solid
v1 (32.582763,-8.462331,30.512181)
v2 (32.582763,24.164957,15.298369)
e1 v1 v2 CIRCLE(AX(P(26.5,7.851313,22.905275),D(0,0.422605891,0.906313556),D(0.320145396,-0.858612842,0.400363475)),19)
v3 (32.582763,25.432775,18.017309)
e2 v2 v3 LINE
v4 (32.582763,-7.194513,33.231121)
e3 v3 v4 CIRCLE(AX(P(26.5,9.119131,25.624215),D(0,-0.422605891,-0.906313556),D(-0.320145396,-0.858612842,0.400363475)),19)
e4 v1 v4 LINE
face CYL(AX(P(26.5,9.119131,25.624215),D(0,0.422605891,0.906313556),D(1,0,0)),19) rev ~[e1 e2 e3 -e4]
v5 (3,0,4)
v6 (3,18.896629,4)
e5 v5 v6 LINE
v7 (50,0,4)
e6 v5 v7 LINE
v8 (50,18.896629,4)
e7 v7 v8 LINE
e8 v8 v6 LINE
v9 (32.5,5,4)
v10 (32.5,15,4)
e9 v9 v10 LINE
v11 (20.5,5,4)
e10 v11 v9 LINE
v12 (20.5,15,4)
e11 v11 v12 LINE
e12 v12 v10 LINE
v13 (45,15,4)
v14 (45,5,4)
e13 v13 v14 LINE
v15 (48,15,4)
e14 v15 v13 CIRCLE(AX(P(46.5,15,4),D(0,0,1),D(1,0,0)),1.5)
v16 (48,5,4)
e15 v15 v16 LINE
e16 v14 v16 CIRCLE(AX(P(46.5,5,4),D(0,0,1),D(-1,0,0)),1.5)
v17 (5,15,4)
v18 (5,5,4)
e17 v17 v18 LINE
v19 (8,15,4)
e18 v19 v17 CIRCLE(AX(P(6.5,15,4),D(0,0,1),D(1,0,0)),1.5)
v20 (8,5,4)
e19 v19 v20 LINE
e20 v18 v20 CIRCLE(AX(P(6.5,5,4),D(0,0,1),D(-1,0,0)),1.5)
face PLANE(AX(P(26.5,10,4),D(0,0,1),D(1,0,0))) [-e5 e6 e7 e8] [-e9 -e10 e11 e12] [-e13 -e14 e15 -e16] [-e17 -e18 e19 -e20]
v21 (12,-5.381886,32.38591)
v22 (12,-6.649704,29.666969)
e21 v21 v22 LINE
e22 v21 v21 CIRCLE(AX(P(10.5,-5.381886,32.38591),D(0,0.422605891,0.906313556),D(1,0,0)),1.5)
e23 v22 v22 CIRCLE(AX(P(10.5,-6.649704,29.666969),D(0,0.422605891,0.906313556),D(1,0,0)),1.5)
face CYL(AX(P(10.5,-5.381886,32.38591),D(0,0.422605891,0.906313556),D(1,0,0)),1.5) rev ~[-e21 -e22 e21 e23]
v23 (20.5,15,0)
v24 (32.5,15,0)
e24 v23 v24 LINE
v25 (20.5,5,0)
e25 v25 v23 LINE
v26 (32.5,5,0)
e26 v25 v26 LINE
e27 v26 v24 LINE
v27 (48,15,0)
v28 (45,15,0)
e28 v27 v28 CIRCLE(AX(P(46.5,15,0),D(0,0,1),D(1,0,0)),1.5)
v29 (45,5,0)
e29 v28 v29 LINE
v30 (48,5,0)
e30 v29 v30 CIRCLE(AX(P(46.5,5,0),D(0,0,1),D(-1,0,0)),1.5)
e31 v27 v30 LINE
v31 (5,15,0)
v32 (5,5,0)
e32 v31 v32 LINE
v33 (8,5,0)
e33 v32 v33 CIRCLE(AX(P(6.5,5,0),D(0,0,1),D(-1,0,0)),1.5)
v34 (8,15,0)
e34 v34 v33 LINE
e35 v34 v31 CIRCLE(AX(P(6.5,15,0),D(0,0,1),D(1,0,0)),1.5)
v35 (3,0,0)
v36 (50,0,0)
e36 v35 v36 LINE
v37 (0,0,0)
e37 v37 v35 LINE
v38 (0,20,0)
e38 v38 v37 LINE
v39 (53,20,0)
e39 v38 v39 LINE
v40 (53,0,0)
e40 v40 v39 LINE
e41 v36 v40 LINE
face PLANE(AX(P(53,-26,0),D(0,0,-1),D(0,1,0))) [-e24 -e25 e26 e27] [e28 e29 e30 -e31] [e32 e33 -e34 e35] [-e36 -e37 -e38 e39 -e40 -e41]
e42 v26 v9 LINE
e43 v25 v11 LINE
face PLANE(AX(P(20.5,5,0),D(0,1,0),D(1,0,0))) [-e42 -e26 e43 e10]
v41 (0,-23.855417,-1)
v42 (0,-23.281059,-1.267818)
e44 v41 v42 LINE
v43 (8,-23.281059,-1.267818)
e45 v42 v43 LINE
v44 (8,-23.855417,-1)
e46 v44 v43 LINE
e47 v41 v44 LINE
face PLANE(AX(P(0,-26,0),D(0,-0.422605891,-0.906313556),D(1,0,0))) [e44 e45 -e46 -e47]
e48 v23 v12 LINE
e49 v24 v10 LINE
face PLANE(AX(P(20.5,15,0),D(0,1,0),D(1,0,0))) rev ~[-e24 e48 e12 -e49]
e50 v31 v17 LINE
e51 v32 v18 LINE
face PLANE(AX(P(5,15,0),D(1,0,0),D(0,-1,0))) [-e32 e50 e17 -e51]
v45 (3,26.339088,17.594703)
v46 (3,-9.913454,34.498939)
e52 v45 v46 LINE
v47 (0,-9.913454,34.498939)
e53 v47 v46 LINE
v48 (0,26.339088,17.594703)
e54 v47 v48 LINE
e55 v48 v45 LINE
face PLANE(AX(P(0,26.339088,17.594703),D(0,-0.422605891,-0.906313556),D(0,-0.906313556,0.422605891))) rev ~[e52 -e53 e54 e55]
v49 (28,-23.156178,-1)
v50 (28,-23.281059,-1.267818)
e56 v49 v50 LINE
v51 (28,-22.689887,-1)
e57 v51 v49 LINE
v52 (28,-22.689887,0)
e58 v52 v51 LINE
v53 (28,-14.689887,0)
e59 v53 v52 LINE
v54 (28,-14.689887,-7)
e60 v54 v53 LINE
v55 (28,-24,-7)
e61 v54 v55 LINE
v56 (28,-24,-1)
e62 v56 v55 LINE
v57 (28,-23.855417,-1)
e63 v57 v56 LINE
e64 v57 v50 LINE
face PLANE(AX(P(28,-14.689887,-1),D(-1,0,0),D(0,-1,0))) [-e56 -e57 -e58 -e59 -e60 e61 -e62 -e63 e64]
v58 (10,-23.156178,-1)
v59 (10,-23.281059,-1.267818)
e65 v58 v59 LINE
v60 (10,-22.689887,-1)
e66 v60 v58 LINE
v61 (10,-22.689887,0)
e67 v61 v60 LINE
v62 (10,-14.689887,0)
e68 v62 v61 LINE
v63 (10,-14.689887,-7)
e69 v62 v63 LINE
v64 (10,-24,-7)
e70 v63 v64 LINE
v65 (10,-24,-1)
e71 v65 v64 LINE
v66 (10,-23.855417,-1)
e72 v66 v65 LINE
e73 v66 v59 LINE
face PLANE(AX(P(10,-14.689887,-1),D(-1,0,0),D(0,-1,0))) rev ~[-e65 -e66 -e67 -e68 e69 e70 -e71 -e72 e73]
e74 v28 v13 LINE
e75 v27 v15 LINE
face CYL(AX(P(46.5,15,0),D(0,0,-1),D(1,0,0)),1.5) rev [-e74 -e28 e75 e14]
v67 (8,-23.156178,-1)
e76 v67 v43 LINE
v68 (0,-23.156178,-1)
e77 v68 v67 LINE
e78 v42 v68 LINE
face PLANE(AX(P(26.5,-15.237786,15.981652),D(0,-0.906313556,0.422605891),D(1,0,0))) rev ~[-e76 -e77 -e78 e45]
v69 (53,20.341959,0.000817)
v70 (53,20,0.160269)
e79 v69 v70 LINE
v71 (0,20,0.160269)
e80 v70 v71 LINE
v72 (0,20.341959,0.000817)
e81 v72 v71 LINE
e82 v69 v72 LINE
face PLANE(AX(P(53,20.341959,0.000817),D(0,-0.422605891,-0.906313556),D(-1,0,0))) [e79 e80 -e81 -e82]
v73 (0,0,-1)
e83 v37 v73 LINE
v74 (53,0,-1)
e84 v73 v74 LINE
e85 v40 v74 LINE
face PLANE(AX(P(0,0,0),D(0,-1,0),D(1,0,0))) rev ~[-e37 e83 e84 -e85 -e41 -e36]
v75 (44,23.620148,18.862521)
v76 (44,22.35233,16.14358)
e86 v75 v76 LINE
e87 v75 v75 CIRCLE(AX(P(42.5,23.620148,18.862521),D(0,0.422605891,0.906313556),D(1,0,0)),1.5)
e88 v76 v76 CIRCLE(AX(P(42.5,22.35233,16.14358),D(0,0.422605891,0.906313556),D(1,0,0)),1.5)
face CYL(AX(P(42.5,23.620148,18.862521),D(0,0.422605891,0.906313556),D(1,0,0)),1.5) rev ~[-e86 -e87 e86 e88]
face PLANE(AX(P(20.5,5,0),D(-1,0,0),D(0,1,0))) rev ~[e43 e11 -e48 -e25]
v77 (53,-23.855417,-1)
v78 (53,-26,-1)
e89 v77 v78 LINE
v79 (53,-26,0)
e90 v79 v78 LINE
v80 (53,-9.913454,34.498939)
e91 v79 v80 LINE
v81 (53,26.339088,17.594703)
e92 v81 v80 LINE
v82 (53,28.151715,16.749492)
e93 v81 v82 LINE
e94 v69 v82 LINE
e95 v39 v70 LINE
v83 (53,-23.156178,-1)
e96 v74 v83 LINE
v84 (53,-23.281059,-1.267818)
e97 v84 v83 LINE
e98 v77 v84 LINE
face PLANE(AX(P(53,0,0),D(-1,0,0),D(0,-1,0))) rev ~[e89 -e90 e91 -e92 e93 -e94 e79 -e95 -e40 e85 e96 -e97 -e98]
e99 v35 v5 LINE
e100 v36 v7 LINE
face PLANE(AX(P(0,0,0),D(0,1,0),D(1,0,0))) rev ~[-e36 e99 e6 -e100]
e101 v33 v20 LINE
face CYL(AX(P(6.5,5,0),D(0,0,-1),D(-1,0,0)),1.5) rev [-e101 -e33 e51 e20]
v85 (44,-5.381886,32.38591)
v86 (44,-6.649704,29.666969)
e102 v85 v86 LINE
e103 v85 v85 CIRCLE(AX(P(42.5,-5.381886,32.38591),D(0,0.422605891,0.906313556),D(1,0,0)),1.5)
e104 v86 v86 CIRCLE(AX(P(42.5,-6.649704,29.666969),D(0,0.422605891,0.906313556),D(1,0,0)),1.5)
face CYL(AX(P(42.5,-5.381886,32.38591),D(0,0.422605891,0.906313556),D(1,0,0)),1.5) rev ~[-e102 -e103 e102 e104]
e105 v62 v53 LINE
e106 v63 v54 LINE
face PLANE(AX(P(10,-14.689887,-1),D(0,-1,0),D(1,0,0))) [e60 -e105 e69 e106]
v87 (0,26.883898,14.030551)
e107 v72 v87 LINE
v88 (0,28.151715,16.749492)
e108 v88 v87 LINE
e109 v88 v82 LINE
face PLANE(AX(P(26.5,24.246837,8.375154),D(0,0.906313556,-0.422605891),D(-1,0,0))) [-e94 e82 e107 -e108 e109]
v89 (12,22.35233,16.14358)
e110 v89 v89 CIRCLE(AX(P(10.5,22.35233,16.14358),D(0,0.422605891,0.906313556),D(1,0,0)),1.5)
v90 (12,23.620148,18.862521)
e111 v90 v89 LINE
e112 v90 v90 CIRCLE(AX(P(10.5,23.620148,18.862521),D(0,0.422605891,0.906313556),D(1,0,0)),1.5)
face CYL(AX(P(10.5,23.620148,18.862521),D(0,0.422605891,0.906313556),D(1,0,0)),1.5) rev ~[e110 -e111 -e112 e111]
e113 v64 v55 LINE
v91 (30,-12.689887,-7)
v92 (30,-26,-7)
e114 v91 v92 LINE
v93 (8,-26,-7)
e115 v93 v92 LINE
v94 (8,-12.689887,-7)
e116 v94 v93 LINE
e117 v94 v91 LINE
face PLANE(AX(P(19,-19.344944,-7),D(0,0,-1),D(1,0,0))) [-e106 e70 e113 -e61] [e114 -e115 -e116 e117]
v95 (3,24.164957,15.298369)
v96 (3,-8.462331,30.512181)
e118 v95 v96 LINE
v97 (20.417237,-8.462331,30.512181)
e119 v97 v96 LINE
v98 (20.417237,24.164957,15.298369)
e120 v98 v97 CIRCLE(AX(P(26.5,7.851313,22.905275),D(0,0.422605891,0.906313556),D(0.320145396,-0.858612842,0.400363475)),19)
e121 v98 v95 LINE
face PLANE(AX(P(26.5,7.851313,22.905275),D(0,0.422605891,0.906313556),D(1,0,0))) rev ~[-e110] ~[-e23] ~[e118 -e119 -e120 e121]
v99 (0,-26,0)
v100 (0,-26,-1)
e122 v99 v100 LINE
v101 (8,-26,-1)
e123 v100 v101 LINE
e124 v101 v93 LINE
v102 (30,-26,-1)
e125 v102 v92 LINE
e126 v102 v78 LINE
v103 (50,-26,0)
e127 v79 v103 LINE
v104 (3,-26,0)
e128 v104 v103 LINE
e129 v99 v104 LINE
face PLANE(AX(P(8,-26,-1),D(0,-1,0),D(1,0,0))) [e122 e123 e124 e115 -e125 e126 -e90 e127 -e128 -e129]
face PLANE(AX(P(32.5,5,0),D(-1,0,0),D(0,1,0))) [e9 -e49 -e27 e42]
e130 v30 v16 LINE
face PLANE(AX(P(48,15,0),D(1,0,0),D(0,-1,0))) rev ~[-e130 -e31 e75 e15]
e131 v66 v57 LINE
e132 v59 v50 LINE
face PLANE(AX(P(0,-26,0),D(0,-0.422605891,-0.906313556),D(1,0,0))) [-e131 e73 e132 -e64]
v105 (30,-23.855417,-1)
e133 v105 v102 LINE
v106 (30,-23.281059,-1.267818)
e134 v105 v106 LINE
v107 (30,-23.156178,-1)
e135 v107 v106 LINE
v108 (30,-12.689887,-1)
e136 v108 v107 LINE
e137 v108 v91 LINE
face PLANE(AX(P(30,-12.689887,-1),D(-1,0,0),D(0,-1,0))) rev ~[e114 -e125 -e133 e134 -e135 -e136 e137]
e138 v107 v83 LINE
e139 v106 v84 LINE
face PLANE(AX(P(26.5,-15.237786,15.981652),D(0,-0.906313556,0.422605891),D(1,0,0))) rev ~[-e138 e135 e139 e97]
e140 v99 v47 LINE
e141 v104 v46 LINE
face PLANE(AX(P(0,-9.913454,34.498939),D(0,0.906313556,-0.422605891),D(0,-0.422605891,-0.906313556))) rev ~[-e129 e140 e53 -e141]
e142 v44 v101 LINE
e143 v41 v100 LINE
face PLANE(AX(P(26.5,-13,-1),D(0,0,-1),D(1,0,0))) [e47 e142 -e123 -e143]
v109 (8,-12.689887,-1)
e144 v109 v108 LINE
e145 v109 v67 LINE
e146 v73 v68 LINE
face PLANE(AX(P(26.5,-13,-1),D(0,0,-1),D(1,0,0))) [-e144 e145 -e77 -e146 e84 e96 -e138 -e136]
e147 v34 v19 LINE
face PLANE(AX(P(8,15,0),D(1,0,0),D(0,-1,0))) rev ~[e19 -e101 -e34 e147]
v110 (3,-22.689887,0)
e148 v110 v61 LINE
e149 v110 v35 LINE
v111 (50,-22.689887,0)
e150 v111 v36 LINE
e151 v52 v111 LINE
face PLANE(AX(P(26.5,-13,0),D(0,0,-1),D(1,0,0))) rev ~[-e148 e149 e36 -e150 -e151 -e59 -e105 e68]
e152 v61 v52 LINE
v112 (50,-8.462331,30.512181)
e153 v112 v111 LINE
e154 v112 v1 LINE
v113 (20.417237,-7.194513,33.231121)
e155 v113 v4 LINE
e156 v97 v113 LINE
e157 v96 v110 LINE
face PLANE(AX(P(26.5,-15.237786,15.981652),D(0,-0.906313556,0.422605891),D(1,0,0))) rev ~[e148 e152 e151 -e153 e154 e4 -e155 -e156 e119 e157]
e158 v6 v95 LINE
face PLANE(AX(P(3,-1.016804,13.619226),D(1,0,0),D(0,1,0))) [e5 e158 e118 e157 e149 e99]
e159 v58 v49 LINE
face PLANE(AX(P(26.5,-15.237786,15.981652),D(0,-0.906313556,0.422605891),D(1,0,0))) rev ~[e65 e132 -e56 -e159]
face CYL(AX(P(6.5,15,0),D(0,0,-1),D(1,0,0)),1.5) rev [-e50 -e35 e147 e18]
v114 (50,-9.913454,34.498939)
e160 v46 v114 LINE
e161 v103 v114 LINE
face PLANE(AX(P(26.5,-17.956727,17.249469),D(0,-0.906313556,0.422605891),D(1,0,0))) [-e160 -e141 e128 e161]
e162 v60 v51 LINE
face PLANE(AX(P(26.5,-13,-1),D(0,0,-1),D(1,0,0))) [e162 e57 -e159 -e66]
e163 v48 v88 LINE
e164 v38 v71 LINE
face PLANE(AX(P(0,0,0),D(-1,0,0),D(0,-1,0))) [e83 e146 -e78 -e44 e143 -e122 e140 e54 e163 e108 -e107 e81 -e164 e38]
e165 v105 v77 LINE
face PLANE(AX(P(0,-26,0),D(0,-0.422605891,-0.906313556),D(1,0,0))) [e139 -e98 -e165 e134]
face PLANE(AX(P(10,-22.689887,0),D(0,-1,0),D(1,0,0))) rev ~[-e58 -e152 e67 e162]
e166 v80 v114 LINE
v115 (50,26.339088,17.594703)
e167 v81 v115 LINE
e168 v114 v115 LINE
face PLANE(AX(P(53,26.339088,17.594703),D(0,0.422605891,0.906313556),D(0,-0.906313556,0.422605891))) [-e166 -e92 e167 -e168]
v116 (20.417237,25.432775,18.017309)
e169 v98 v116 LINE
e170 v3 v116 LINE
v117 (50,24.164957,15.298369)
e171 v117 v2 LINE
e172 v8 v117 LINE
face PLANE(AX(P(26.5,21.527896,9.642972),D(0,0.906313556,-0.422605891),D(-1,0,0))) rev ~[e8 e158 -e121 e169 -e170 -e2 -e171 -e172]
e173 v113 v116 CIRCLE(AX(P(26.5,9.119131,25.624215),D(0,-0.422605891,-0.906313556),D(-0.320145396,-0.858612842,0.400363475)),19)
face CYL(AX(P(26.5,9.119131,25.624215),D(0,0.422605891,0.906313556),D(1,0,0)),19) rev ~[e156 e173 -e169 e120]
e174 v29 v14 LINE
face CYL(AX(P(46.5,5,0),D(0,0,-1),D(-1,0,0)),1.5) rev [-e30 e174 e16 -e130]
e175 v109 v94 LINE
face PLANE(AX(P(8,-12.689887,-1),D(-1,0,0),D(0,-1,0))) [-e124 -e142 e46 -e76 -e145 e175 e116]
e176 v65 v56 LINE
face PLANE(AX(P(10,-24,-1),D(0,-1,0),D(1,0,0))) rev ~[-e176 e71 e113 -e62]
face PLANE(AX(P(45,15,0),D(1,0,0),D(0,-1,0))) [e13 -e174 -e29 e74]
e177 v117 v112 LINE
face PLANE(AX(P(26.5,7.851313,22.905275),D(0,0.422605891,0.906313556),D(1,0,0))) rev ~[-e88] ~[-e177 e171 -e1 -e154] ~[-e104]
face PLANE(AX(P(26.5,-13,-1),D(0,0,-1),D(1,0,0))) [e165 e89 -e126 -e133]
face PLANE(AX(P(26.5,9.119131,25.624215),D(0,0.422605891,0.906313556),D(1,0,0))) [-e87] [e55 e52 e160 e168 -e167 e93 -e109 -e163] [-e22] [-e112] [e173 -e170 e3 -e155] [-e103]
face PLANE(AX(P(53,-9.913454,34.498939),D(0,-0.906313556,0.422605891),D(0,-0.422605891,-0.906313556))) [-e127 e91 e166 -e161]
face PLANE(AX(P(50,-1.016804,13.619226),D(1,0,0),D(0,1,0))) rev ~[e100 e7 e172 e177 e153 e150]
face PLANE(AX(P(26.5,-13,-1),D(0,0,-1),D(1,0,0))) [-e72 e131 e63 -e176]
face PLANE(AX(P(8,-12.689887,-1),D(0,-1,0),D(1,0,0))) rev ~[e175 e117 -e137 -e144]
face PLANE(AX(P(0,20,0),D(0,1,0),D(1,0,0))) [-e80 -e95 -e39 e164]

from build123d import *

# Parameters (mm, degrees)
SKETCH_W      = 53
SKETCH_H      = 20
SKETCH_W_2    = 12
SKETCH_H_2    = 10
PAD_DEPTH     = 4
PAD001_DEPTH  = 3
PAD002_DEPTH  = 3
SKETCH002_W   = 53
SKETCH002_H   = 38.0651251893
PAD003_DEPTH  = 3
SKETCH003_W   = 53
SKETCH003_H   = 42
SKETCH003_R   = 19
SKETCH003_R_2 = 1.5
PAD004_DEPTH  = 3
SKETCH004_W   = 53
SKETCH004_H   = 18.48
PAD005_DEPTH  = 3
SKETCH005_W   = 53
SKETCH005_H   = 26
SKETCH005_W_2 = 18
SKETCH005_H_2 = 8
PAD006_DEPTH  = 1
SKETCH006_W   = 22
SKETCH006_H   = 13.310112688
SKETCH006_W_2 = 18
SKETCH006_H_2 = 9.310112688
PAD007_DEPTH  = 6


with BuildPart() as part:
    # Sketch → Pad (new body)
    with BuildSketch(Plane.XY):
        with Locations((26.5, 10)):
            Rectangle(SKETCH_W, SKETCH_H)
        with BuildLine():
            ThreePointArc((48, 15), (46.5, 16.5), (45, 15))
            Line((45, 15), (45, 5))
            ThreePointArc((45, 5), (46.5, 3.5), (48, 5))
            Line((48, 15), (48, 5))
        make_face(mode=Mode.SUBTRACT)
        with BuildLine():
            ThreePointArc((8, 15), (6.5, 16.5), (5, 15))
            Line((5, 15), (5, 5))
            ThreePointArc((5, 5), (6.5, 3.5), (8, 5))
            Line((8, 15), (8, 5))
        make_face(mode=Mode.SUBTRACT)
        with Locations((26.5, 10)):
            Rectangle(SKETCH_W_2, SKETCH_H_2, mode=Mode.SUBTRACT)
    extrude(amount=PAD_DEPTH)

    # Sketch001 (on Face1 of Pad) → Pad001 (join)
    with BuildSketch(Plane(origin=(0, 0, 0), x_dir=(0, -1, 0), z_dir=(-1, 0, 0))):
        Polygon((-26.3390883587, 17.5947033355), (9.9134538694, 34.4989389586), (26, 0), (0, 0), (0, 4), (-20, 4), align=None)
    extrude(amount=-PAD001_DEPTH)

    # CopySketch002 → Pad002 (join)
    with BuildSketch(Plane(origin=(53, 0, 0), x_dir=(0, -1, 0), z_dir=(-1, 0, 0))):
        Polygon((-26.3390883587, 17.5947033355), (9.9134538694, 34.4989389586), (26, 0), (0, 0), (0, 4), (-20, 4), align=None)
    extrude(amount=PAD002_DEPTH)

    # Sketch002 (on Face30 of Pad002) → Pad003 (join)
    with BuildSketch(Plane(origin=(0, -21.3565107925, 9.9583496311), x_dir=(1, 0, 0), z_dir=(0, -0.9063135557, 0.4226058906))):
        with Locations((26.5, 8.0448094397)):
            Rectangle(SKETCH002_W, SKETCH002_H)
    extrude(amount=-PAD003_DEPTH)

    # Sketch003 (on Face27 of Pad003) → Pad004 (join)
    with BuildSketch(Plane(origin=(0, 11.4430569231, 24.5405893275), x_dir=(1, 0, 0), z_dir=(0, 0.4226058906, 0.9063135557))):
        with Locations((26.5, -2.5641524483)):
            Rectangle(SKETCH003_W, SKETCH003_H)
        with Locations((26.5, -2.5641524483)):
            Circle(SKETCH003_R, mode=Mode.SUBTRACT)
        with Locations((42.5, 13.4358475517)):
            Circle(SKETCH003_R_2, mode=Mode.SUBTRACT)
        with Locations((10.5, 13.4358475517)):
            Circle(SKETCH003_R_2, mode=Mode.SUBTRACT)
        with Locations((10.5, -18.5641524483)):
            Circle(SKETCH003_R_2, mode=Mode.SUBTRACT)
        with Locations((42.5, -18.5641524483)):
            Circle(SKETCH003_R_2, mode=Mode.SUBTRACT)
    extrude(amount=-PAD004_DEPTH)

    # Sketch004 (on Face41 of Pad004) → Pad005 (join)
    with BuildSketch(Plane(origin=(0, 16.708658547, -7.7910977731), x_dir=(-1, 0, 0), z_dir=(0, 0.9063135557, -0.4226058906))):
        with Locations((-26.5, 17.8373720343)):
            Rectangle(SKETCH004_W, SKETCH004_H)
    extrude(amount=-PAD005_DEPTH)

    # Sketch005 (on Face6 of Pad005) → Pad006 (join)
    with BuildSketch(Plane(origin=(0, 0, 0), x_dir=(1, 0, 0), z_dir=(0, 0, -1))):
        with Locations((26.5, 13)):
            Rectangle(SKETCH005_W, SKETCH005_H)
        with Locations((19, 18.689887312)):
            Rectangle(SKETCH005_W_2, SKETCH005_H_2, mode=Mode.SUBTRACT)
    extrude(amount=PAD006_DEPTH)

    # Sketch006 (on Face27 of Pad006) → Pad007 (join)
    with BuildSketch(Plane(origin=(0, 0, -1), x_dir=(1, 0, 0), z_dir=(0, 0, -1))):
        with Locations((19, 19.344943656)):
            Rectangle(SKETCH006_W, SKETCH006_H)
        with Locations((19, 19.344943656)):
            Rectangle(SKETCH006_W_2, SKETCH006_H_2, mode=Mode.SUBTRACT)
    extrude(amount=PAD007_DEPTH)


solid = part.part
